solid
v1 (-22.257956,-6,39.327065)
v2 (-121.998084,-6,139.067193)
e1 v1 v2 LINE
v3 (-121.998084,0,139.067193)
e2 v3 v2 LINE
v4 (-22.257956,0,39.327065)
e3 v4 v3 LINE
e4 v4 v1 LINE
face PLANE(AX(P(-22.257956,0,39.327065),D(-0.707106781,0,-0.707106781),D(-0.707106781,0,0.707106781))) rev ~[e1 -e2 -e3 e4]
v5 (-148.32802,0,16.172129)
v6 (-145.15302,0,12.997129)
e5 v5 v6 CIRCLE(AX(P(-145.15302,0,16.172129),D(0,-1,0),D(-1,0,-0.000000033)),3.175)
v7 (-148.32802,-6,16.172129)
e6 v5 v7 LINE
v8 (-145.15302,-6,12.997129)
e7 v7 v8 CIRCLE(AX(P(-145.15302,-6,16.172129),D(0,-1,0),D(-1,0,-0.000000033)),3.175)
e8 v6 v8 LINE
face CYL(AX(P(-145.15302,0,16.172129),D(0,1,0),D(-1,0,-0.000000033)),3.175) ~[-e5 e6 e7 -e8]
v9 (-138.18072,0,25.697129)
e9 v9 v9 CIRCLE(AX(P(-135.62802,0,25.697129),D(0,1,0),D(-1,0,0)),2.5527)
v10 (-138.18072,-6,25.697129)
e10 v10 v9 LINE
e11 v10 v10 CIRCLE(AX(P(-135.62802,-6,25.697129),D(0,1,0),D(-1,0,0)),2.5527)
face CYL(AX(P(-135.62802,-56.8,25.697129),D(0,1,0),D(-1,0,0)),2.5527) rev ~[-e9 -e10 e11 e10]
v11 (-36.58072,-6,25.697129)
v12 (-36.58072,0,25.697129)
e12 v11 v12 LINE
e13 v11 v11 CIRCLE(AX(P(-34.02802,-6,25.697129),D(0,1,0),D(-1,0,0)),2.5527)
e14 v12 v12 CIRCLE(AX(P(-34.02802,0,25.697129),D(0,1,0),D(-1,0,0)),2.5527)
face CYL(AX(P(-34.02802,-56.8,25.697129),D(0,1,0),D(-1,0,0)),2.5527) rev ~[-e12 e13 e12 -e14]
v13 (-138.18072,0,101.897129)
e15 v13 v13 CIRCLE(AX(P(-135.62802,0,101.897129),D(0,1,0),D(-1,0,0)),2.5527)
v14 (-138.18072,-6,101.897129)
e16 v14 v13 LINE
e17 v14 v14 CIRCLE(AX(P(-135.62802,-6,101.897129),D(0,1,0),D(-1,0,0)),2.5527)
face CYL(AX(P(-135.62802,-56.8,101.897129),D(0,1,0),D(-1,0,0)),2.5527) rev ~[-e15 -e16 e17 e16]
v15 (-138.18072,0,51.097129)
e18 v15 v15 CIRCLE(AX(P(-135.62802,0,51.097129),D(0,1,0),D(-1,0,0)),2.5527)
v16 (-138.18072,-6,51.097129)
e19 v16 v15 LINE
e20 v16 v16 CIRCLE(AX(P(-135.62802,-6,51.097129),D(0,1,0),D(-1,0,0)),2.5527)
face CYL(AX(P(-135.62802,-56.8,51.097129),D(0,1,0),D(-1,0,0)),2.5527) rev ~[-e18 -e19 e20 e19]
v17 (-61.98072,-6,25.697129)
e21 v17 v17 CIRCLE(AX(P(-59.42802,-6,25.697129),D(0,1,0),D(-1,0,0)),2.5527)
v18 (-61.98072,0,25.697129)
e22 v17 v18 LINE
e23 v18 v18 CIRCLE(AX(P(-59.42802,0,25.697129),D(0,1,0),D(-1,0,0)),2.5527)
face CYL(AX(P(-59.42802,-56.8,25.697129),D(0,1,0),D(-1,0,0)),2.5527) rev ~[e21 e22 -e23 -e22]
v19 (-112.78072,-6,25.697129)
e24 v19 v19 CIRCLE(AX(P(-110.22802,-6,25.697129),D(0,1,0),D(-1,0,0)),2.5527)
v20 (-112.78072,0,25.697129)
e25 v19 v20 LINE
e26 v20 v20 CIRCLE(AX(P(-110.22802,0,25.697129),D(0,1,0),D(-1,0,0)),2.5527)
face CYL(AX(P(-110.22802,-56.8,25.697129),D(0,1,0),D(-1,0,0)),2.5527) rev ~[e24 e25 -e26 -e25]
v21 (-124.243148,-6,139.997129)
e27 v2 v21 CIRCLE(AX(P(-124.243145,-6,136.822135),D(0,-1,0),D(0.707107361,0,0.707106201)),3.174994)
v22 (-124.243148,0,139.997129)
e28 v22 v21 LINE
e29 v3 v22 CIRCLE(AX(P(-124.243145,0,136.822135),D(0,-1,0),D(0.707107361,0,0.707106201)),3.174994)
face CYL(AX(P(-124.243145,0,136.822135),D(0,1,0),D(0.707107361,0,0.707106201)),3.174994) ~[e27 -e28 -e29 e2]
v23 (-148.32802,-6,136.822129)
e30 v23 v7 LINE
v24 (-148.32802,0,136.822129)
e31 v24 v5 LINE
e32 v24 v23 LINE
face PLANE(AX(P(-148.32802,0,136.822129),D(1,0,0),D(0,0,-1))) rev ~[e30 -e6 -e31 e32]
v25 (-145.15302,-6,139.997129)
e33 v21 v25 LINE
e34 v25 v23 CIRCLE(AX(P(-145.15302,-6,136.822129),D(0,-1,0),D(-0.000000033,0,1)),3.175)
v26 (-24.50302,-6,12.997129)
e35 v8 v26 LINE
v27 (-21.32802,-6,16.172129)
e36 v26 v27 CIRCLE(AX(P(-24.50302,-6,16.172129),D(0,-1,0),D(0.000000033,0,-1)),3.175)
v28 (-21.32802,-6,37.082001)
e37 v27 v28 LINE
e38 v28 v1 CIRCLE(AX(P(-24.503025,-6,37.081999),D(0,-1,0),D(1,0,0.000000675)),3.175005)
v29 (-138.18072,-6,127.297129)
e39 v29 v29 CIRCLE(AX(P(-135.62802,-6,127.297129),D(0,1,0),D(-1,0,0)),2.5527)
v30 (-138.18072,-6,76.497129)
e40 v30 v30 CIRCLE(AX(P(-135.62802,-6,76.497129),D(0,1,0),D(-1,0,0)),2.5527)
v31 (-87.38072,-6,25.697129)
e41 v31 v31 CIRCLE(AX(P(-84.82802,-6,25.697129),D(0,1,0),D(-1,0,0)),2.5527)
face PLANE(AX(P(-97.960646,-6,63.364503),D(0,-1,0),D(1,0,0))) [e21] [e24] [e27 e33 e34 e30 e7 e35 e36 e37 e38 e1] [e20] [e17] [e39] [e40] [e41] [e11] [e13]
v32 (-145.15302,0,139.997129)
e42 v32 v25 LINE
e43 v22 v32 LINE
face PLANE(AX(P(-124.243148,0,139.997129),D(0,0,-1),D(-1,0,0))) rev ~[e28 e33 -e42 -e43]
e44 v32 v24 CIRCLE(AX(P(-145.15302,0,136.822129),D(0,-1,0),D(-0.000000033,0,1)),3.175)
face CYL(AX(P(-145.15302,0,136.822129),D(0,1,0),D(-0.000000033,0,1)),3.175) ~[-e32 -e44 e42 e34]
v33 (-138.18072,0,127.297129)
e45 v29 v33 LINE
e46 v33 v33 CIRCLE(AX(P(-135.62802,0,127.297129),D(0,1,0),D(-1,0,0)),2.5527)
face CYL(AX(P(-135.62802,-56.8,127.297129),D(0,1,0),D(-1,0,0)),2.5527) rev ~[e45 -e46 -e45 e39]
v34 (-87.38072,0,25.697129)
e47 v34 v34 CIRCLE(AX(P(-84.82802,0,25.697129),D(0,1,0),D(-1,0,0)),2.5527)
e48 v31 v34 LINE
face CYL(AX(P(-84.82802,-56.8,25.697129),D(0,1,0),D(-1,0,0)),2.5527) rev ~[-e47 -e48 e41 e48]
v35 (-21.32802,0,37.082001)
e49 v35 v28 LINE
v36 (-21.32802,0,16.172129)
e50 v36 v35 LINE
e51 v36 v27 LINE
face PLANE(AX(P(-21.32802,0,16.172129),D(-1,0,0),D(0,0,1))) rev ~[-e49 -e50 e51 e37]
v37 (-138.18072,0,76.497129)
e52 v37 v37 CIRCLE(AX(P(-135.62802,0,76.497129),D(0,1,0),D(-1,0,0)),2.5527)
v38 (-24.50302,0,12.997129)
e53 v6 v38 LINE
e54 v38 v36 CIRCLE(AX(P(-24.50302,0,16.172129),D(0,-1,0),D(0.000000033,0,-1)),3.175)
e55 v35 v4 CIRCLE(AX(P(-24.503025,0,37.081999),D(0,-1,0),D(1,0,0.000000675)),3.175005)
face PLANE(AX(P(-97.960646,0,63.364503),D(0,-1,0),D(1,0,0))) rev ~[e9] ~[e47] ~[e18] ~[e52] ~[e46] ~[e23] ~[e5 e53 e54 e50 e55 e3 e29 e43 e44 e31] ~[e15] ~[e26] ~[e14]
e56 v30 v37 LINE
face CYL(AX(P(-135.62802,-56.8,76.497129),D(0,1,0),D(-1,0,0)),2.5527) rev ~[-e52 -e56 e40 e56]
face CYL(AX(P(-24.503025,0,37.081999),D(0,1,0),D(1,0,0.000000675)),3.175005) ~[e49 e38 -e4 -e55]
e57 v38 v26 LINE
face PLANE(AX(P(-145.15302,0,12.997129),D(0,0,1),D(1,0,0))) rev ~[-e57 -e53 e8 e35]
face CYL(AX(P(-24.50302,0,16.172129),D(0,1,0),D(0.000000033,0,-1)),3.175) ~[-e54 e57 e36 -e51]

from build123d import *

# Parameters (mm, degrees)
F1_DEPTH = 6
F3_D     = 5.1054
F3_DEPTH = 50.8


with BuildPart() as f1:
    # F0 (on Front) → F1 (new body)
    with BuildSketch(Plane.XZ):
        with BuildLine():
            ThreePointArc((-145.15302, 139.997129), (-147.398084, 139.067193), (-148.32802, 136.822129))
            Line((-148.32802, 136.822129), (-148.32802, 16.172129))
            ThreePointArc((-148.32802, 16.172129), (-147.398084, 13.927065), (-145.15302, 12.997129))
            Line((-145.15302, 12.997129), (-24.50302, 12.997129))
            ThreePointArc((-24.50302, 12.997129), (-22.257956, 13.927065), (-21.32802, 16.172129))
            Line((-21.32802, 16.172129), (-21.32802, 37.082001))
            ThreePointArc((-21.32802, 37.082001), (-21.569703, 38.297021), (-22.257956, 39.327065))
            Line((-22.257956, 39.327065), (-121.998084, 139.067193))
            ThreePointArc((-121.998084, 139.067193), (-123.028128, 139.755447), (-124.243148, 139.997129))
            Line((-124.243148, 139.997129), (-145.15302, 139.997129))
        make_face()
    extrude(amount=F1_DEPTH)

    # F3
    with Locations(Plane.XZ.offset(6)):
        with Locations((-135.62802, 76.497129), (-135.62802, 51.097129), (-135.62802, 25.697129), (-135.62802, 101.897129), (-135.62802, 127.297129), (-110.22802, 25.697129), (-84.82802, 25.697129), (-59.42802, 25.697129), (-34.02802, 25.697129)):
            Hole(F3_D / 2, depth=F3_DEPTH)


solid = f1.part
